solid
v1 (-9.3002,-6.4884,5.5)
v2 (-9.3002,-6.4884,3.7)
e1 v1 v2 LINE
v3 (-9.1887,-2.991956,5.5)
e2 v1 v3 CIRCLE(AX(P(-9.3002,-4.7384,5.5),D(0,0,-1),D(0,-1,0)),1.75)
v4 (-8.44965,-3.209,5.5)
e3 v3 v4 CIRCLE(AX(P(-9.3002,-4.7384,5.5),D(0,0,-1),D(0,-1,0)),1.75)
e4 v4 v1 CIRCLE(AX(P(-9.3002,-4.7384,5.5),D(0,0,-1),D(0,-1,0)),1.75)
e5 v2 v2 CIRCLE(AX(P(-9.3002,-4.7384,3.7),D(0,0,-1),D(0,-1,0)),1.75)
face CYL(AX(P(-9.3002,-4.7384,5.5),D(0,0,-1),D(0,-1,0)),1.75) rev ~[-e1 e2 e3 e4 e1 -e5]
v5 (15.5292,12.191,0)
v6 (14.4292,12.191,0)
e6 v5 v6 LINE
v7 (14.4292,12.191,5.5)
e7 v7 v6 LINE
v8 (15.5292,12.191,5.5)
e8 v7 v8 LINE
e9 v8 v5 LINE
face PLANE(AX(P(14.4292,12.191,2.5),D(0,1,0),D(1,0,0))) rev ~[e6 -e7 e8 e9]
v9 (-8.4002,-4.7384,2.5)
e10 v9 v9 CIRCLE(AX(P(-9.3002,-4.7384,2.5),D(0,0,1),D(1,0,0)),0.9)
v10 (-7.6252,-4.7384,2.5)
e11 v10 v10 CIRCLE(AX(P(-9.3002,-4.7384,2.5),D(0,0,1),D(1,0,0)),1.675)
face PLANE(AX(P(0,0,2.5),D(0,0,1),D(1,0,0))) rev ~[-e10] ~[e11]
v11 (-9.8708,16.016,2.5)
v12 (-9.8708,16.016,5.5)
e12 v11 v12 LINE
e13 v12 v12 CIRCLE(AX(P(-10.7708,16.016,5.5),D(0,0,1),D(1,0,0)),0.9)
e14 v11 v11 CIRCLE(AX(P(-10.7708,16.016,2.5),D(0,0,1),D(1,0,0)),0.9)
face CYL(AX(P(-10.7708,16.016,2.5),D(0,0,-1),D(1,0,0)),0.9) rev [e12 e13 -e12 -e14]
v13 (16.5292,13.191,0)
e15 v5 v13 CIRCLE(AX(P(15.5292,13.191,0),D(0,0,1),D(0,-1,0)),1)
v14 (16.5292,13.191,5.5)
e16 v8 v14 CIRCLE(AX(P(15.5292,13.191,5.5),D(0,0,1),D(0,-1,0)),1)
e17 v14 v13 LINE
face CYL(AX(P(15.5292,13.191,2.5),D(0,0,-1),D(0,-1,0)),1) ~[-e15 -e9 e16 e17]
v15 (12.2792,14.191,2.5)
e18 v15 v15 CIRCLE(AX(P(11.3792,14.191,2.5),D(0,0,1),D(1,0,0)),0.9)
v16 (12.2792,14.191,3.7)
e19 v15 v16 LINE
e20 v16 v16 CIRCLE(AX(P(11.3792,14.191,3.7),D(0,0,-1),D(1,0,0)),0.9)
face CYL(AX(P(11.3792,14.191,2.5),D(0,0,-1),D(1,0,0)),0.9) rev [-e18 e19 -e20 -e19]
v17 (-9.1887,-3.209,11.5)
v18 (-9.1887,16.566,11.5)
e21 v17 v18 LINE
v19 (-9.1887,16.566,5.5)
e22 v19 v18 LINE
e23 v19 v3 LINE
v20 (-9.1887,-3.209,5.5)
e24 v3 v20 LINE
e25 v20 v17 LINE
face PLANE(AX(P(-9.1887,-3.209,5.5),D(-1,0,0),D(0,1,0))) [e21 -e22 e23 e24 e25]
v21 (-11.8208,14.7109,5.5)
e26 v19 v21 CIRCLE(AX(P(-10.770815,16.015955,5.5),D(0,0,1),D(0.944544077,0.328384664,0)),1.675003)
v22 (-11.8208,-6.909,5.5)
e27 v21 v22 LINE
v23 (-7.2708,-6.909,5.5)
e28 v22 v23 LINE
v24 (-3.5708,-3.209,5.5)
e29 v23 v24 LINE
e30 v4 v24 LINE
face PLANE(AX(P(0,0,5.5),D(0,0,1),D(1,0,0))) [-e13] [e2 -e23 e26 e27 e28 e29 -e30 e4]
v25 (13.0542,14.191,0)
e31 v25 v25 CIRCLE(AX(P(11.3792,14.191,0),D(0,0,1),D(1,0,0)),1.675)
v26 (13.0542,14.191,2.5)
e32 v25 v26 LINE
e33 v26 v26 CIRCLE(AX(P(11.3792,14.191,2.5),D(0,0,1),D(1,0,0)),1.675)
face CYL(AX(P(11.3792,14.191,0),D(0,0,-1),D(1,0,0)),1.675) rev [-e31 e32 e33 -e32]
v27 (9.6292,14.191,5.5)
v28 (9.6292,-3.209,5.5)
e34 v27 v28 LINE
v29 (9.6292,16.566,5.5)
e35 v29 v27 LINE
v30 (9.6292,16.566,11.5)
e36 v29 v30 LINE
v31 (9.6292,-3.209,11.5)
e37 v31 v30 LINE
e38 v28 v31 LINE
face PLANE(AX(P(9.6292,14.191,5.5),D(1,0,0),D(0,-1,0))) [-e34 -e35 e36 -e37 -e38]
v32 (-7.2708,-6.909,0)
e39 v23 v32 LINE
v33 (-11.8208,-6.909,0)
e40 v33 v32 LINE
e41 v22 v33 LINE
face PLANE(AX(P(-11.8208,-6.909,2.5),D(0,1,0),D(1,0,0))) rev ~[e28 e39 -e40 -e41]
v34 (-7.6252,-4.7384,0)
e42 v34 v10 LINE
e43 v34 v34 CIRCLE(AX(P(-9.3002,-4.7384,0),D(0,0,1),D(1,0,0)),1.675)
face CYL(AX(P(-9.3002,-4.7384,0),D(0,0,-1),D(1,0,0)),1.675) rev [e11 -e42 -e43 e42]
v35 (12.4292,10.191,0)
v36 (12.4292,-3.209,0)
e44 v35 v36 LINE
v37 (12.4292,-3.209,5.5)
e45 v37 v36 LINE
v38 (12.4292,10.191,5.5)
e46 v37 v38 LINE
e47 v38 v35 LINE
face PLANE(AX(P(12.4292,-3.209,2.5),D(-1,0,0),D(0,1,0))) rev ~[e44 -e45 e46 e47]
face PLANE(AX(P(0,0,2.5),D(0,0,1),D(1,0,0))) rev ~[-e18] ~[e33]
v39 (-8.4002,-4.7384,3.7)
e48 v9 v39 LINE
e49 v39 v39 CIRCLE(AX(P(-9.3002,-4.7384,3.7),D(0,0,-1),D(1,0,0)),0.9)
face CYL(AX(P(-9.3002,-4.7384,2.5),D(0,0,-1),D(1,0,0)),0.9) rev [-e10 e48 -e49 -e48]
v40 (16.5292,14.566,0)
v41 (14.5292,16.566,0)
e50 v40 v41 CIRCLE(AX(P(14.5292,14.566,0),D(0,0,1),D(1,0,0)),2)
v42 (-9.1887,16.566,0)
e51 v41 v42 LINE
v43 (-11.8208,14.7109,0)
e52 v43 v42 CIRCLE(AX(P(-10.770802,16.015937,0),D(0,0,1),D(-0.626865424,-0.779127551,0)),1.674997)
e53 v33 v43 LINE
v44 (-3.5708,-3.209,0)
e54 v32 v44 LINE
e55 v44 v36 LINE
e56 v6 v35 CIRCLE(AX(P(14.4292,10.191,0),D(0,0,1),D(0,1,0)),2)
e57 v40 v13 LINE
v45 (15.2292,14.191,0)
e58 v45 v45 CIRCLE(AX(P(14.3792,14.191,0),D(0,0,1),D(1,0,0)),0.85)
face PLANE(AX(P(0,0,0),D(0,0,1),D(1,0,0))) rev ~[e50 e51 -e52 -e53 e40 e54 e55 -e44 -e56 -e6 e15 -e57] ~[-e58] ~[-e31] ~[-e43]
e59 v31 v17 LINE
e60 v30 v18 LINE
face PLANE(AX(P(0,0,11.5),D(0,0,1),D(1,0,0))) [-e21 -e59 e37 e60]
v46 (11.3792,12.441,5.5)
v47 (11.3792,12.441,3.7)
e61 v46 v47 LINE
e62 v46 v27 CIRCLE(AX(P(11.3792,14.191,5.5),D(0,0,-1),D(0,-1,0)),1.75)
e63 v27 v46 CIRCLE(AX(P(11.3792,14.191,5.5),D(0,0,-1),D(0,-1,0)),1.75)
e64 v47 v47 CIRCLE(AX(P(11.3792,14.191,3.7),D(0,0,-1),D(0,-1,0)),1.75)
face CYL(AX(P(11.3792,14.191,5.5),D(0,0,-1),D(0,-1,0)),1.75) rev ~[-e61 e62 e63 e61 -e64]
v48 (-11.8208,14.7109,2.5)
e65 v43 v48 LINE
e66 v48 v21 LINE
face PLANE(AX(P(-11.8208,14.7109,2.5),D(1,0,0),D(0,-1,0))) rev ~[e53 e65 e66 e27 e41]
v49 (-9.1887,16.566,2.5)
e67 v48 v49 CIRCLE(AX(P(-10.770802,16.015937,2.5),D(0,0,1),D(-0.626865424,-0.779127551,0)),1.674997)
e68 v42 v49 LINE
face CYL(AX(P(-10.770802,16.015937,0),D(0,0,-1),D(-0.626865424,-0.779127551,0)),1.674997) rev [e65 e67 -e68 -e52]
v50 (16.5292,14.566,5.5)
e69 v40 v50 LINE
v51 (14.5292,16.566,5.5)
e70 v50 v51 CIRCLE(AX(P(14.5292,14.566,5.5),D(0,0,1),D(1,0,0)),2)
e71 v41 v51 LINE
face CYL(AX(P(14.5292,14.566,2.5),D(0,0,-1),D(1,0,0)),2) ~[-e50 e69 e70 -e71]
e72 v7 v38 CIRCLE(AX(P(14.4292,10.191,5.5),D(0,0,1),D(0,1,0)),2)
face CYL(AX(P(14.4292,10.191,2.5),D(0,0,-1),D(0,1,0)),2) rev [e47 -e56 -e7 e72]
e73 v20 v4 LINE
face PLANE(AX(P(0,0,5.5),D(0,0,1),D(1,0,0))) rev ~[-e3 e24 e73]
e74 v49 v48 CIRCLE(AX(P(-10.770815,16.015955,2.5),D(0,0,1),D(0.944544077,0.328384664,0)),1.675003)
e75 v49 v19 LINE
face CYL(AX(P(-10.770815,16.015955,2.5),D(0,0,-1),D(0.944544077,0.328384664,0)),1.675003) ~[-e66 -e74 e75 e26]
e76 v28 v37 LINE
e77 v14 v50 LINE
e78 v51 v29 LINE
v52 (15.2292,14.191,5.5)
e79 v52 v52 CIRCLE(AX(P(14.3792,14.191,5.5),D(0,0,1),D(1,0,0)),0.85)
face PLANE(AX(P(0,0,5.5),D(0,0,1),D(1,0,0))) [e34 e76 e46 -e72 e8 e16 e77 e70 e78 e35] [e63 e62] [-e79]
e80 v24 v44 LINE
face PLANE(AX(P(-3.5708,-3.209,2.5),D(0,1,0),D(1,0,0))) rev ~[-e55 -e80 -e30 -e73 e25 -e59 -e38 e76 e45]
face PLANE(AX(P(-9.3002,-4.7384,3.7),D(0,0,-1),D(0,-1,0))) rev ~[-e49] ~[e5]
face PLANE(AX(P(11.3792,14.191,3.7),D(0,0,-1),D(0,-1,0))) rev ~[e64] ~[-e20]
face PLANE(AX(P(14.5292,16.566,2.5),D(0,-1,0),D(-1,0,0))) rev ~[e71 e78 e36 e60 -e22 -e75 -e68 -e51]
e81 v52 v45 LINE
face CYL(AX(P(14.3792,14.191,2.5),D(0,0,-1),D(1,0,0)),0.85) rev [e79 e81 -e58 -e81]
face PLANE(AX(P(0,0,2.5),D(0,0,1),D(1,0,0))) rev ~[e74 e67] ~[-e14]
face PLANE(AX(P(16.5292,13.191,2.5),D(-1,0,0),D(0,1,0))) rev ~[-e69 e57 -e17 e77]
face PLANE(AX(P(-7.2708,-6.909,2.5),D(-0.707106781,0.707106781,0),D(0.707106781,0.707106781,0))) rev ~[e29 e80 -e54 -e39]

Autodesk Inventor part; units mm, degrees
ref_plane "YZ Plane" through (0, 0, 0) normal (1, 0, 0) x (0, 1, 0)
ref_plane "XZ Plane" through (0, 0, 0) normal (0, 1, 0) x (-1, 0, 0)
sketch "Skizze1" plane through (0, 0, 0) normal (0, 0, 1) x (1, 0, 0)
  line L0 (14.1792, -17.284) -> (14.1792, 17.716)
  line L1 (14.1792, 17.716) -> (-11.8208, 17.716)
  line L2 (-11.8208, 17.716) -> (-11.8208, -17.284)
  line L3 (-11.8208, -17.284) -> (14.1792, -17.284)
  line L4 (14.1792, -17.284) -> (-11.8208, 17.716) construction
  line L5 (14.1792, 17.716) -> (-11.8208, -17.284) construction
  line L6 (3.4292, 10.341) -> (-6.0708, 10.341) construction
  line L7 (3.4292, 3.091) -> (3.4292, 10.341) construction
  line L8 (-6.0708, 3.091) -> (3.4292, 3.091) construction
  line L9 (-6.0708, 10.341) -> (-6.0708, 3.091) construction
  line L10 (3.4292, 10.341) -> (-6.0708, 3.091) construction
  line L11 (3.4292, 3.091) -> (-6.0708, 10.341) construction
  point P0 (0, 0)
  point P1 (1.1792, 0.216)
  point P2 (1.1792, 0.216)
  point P3 (-1.3208, 6.716)
  point P4 (-1.3208, 6.716)
  point P5 (1.1792, 0.216)
  point P6 (-1.3208, 6.716)
  dimension "d0" = 26
  dimension "d1" = 35
  dimension "d2" = 11
  dimension "d3" = 2.5
sketch "Skizze2" plane through (0, 0, 0) normal (0, 0, 1) x (1, 0, 0)
  line L0 (-3.4208, 1.091) -> (-7.8208, 1.091) projected
  line L1 (-7.8208, 1.091) -> (-7.8208, 12.341) projected
  line L2 (-7.8208, 12.341) -> (-3.4208, 12.341) projected
  line L3 (5.1792, 1.091) -> (0.7792, 1.091) projected
  line L4 (5.1792, 12.341) -> (5.1792, 1.091) projected
  line L5 (0.7792, 12.341) -> (5.1792, 12.341) projected
  circle A0 centre (-9.3002, -4.7384) radius 1.575 construction
  circle A1 centre (11.3792, 14.191) radius 1.575 construction
  circle A2 centre (-9.3002, -4.7384) radius 0.7 construction
  circle A3 centre (-10.7708, 16.016) radius 0.7 construction
  circle A4 centre (11.3792, 14.191) radius 0.7 construction
  line L6 (-3.4208, 12.341) -> (-3.4208, 13.366) projected
  line L7 (-3.4208, 13.366) -> (0.7792, 13.366) projected
  line L8 (0.7792, 0.066) -> (-3.4208, 0.066) projected
  line L9 (-3.4208, 0.066) -> (-3.4208, 1.091) projected
  line L10 (0.7792, 1.091) -> (0.7792, 0.066) projected
  line L11 (0.7792, 13.366) -> (0.7792, 12.341) projected
  line L12 (-12.2708, -9.259) -> (-12.2708, 10.741) construction
  line L13 (14.5292, 16.566) -> (-9.295, 16.566) construction
  arc A5 (16.5292, 14.566) -> (14.5292, 16.566) centre (14.5292, 14.566) ccw projected
  line L14 (16.5292, 14.566) -> (16.5292, 13.191) projected
  arc A6 (15.5292, 12.191) -> (16.5292, 13.191) centre (15.5292, 13.191) ccw projected
  line L15 (15.5292, 12.191) -> (14.4292, 12.191) projected
  arc A7 (14.4292, 12.191) -> (12.4292, 10.191) centre (14.4292, 10.191) ccw projected
  line L16 (12.4292, 10.191) -> (12.4292, -3.209) projected
  line L17 (-3.5708, -3.209) -> (12.4292, -3.209) projected
  line L18 (-8.1002, -7.7384) -> (-3.5708, -3.209) projected
  arc A8 (-10.7708, 17.591) -> (-9.295, 16.566) centre (-10.7708, 16.016) ccw construction
  line L19 (-8.1002, -8.7384) -> (-8.1002, -7.7384) construction
  circle A9 centre (-9.3002, -8.7384) radius 0.75 construction
  circle A10 centre (-9.3002, -8.7384) radius 1.2 construction
  line L20 (-10.8208, -7.909) -> (-11.8208, -6.909) construction
  line L21 (-11.8208, -6.909) -> (-11.8208, 14.7109)
  line L22 (-11.8208, -6.909) -> (-10.4976, -8.2322)
  arc A11 (-8.1002, -8.2384) -> (-8.2864, -7.9246) centre (-9.3002, -8.7384) ccw construction
  line L23 (-8.1002, -8.2384) -> (-8.1002, -7.7384) construction
  circle A12 centre (-9.3002, -4.7384) radius 1.675
  circle A13 centre (11.3792, 14.191) radius 1.675
  line L24 (14.5292, 16.566) -> (-9.1887, 16.566)
  arc A14 (-11.8208, 14.7109) -> (-9.1887, 16.566) centre (-10.7708, 16.016) ccw
  circle A15 centre (14.3792, 14.191) radius 0.75 construction
  circle A16 centre (14.3792, 14.191) radius 0.85
  line L25 (-8.1002, -7.7384) -> (-8.2864, -7.9246) construction
  arc A17 (-8.2864, -7.9246) -> (-10.4976, -8.2322) centre (-9.3002, -8.7384) ccw construction
  line L26 (-11.8208, -6.909) -> (-7.2708, -6.909)
  point P0 (0, 0)
  dimension "d4" = 0.1
  dimension "d5" = 0.1
  dimension "d6" = 0.1
  dimension "d7" = 0.1
  dimension "d10" = 0.1
extrude "Extrusion1" add sketch "Skizze2" along normal blind 2.5 contours L0 L1 L2 L6 L7 L11 L5 L4 L3 L10 L8 L9 | L14 A6 L15 A7 L16 L17 L18 L26 L21 A14 L24 A5
sketch "Skizze3" plane through (0, 0, 2.5) normal (0, 0, 1) x (1, 0, 0)
  circle A0 centre (11.3792, 14.191) radius 1.675 construction
  circle A1 centre (-9.3002, -4.7384) radius 1.675 construction
  circle A2 centre (14.3792, 14.191) radius 0.85 projected
  arc A3 (16.5292, 14.566) -> (14.5292, 16.566) centre (14.5292, 14.566) ccw projected
  line L0 (14.5292, 16.566) -> (-9.1887, 16.566) projected
  arc A4 (-11.8208, 14.7109) -> (-9.1887, 16.566) centre (-10.7708, 16.016) ccw construction
  line L1 (-11.8208, 14.7109) -> (-11.8208, -6.909) projected
  line L2 (-7.2708, -6.909) -> (-3.5708, -3.209) projected
  line L3 (-3.5708, -3.209) -> (12.4292, -3.209) projected
  line L4 (12.4292, -3.209) -> (12.4292, 10.191) projected
  arc A5 (14.4292, 12.191) -> (12.4292, 10.191) centre (14.4292, 10.191) ccw projected
  line L5 (14.4292, 12.191) -> (15.5292, 12.191) projected
  arc A6 (15.5292, 12.191) -> (16.5292, 13.191) centre (15.5292, 13.191) ccw projected
  line L6 (16.5292, 13.191) -> (16.5292, 14.566) projected
  circle A7 centre (11.3792, 14.191) radius 0.7 construction
  circle A8 centre (-9.3002, -4.7384) radius 0.7 construction
  circle A9 centre (-9.3002, -8.7384) radius 0.75 construction
  circle A10 centre (-9.3002, -8.7384) radius 0.85
  line L7 (-8.2864, -7.9246) -> (-3.5708, -3.209) projected
  arc A11 (-10.4976, -8.2322) -> (-8.2864, -7.9246) centre (-9.3002, -8.7384) ccw
  arc A12 (-9.1887, 16.566) -> (-11.8208, 14.7109) centre (-10.7708, 16.016) ccw
  circle A13 centre (-10.7708, 16.016) radius 0.7 construction
  circle A14 centre (-10.7708, 16.016) radius 0.9
  circle A15 centre (11.3792, 14.191) radius 0.9
  circle A16 centre (-9.3002, -4.7384) radius 0.9
  line L8 (-11.8208, -6.909) -> (-7.2708, -6.909) projected
  point P0 (0, 0)
  dimension "d11" = 0.1
  dimension "d13" = 1.8
  dimension "d14" = 1.8
  dimension "d15" = 1.8
ref_plane "Arbeitsebene1" through (-9.7716, -9.2098, 6) normal (0, 0, 1) x (1, 0, 0)
extrude "Extrusion2" add sketch "Skizze3" along normal blind 3 contours L6 A6 L5 A5 L4 L3 L2 L8 L1 A12 L0 A3
sketch "Skizze4" plane through (-9.1887, 16.566, 5.5) normal (0, 0, 1) x (1, 0, 0)
  circle A0 centre (-0.1115, -21.3043) radius 0.7 construction
  circle A1 centre (-1.5821, -0.55) radius 0.7 construction
  circle A2 centre (20.5679, -2.375) radius 0.7 construction
  point P0 (9.1887, -16.566)
hole "Bohrung1" at (-9.3002, -4.7384, 5.5) at (11.3792, 14.191, 5.5) direction (0, 0, -1) diameter 1.8 end through all counterbore diameter 3.5 counterbore depth 1.8 clearance for "Inbusschraube ISO 4762" size "M1.6" standard "ISO"
sketch "Sketch8" plane through (0, 0, 5.5) normal (0, 0, 1) x (1, 0, 0)
  circle A0 centre (-9.3002, -4.7384) radius 1.75 projected
  circle A1 centre (11.3792, 14.191) radius 1.75 projected
  circle A2 centre (-10.7708, 16.016) radius 0.9 projected
  circle A3 centre (14.3792, 14.191) radius 0.85 projected
  arc A4 (16.5292, 14.566) -> (14.5292, 16.566) centre (14.5292, 14.566) ccw projected
  line L0 (14.5292, 16.566) -> (-9.1887, 16.566) projected
  arc A5 (-9.1887, 16.566) -> (-11.8208, 14.7109) centre (-10.7708, 16.016) ccw projected
  line L1 (-11.8208, 14.7109) -> (-11.8208, -6.909) projected
  line L2 (-11.8208, -6.909) -> (-7.2708, -6.909) projected
  line L3 (-7.2708, -6.909) -> (-3.5708, -3.209) projected
  line L4 (-3.5708, -3.209) -> (12.4292, -3.209) projected
  line L5 (12.4292, -3.209) -> (12.4292, 10.191) projected
  arc A6 (14.4292, 12.191) -> (12.4292, 10.191) centre (14.4292, 10.191) ccw projected
  line L6 (14.4292, 12.191) -> (15.5292, 12.191) projected
  arc A7 (15.5292, 12.191) -> (16.5292, 13.191) centre (15.5292, 13.191) ccw projected
  line L7 (16.5292, 13.191) -> (16.5292, 14.566) projected
  line L8 (12.4292, -3.209) -> (-3.5708, -3.209) projected
  line L9 (-9.1887, 16.566) -> (14.5292, 16.566) projected
  line L10 (9.6292, -3.209) -> (-9.1887, -3.209)
  line L11 (-9.1887, -3.209) -> (-9.1887, 16.566)
  line L12 (-9.1887, 16.566) -> (9.6292, 16.566)
  line L13 (9.6292, 16.566) -> (9.6292, -3.209)
  circle A8 centre (11.3792, 14.191) radius 1.75 projected
  point P0 (0, 0)
extrude "Extrusion6" add sketch "Sketch8" along normal blind 6 contours L10 L11 A0 | A0 L11 L0 L13 L4 L10 picked at (-8.7742, -3.1728)
properties part number "Raman2Go_Adapterplatte2_XY-TischChina"
